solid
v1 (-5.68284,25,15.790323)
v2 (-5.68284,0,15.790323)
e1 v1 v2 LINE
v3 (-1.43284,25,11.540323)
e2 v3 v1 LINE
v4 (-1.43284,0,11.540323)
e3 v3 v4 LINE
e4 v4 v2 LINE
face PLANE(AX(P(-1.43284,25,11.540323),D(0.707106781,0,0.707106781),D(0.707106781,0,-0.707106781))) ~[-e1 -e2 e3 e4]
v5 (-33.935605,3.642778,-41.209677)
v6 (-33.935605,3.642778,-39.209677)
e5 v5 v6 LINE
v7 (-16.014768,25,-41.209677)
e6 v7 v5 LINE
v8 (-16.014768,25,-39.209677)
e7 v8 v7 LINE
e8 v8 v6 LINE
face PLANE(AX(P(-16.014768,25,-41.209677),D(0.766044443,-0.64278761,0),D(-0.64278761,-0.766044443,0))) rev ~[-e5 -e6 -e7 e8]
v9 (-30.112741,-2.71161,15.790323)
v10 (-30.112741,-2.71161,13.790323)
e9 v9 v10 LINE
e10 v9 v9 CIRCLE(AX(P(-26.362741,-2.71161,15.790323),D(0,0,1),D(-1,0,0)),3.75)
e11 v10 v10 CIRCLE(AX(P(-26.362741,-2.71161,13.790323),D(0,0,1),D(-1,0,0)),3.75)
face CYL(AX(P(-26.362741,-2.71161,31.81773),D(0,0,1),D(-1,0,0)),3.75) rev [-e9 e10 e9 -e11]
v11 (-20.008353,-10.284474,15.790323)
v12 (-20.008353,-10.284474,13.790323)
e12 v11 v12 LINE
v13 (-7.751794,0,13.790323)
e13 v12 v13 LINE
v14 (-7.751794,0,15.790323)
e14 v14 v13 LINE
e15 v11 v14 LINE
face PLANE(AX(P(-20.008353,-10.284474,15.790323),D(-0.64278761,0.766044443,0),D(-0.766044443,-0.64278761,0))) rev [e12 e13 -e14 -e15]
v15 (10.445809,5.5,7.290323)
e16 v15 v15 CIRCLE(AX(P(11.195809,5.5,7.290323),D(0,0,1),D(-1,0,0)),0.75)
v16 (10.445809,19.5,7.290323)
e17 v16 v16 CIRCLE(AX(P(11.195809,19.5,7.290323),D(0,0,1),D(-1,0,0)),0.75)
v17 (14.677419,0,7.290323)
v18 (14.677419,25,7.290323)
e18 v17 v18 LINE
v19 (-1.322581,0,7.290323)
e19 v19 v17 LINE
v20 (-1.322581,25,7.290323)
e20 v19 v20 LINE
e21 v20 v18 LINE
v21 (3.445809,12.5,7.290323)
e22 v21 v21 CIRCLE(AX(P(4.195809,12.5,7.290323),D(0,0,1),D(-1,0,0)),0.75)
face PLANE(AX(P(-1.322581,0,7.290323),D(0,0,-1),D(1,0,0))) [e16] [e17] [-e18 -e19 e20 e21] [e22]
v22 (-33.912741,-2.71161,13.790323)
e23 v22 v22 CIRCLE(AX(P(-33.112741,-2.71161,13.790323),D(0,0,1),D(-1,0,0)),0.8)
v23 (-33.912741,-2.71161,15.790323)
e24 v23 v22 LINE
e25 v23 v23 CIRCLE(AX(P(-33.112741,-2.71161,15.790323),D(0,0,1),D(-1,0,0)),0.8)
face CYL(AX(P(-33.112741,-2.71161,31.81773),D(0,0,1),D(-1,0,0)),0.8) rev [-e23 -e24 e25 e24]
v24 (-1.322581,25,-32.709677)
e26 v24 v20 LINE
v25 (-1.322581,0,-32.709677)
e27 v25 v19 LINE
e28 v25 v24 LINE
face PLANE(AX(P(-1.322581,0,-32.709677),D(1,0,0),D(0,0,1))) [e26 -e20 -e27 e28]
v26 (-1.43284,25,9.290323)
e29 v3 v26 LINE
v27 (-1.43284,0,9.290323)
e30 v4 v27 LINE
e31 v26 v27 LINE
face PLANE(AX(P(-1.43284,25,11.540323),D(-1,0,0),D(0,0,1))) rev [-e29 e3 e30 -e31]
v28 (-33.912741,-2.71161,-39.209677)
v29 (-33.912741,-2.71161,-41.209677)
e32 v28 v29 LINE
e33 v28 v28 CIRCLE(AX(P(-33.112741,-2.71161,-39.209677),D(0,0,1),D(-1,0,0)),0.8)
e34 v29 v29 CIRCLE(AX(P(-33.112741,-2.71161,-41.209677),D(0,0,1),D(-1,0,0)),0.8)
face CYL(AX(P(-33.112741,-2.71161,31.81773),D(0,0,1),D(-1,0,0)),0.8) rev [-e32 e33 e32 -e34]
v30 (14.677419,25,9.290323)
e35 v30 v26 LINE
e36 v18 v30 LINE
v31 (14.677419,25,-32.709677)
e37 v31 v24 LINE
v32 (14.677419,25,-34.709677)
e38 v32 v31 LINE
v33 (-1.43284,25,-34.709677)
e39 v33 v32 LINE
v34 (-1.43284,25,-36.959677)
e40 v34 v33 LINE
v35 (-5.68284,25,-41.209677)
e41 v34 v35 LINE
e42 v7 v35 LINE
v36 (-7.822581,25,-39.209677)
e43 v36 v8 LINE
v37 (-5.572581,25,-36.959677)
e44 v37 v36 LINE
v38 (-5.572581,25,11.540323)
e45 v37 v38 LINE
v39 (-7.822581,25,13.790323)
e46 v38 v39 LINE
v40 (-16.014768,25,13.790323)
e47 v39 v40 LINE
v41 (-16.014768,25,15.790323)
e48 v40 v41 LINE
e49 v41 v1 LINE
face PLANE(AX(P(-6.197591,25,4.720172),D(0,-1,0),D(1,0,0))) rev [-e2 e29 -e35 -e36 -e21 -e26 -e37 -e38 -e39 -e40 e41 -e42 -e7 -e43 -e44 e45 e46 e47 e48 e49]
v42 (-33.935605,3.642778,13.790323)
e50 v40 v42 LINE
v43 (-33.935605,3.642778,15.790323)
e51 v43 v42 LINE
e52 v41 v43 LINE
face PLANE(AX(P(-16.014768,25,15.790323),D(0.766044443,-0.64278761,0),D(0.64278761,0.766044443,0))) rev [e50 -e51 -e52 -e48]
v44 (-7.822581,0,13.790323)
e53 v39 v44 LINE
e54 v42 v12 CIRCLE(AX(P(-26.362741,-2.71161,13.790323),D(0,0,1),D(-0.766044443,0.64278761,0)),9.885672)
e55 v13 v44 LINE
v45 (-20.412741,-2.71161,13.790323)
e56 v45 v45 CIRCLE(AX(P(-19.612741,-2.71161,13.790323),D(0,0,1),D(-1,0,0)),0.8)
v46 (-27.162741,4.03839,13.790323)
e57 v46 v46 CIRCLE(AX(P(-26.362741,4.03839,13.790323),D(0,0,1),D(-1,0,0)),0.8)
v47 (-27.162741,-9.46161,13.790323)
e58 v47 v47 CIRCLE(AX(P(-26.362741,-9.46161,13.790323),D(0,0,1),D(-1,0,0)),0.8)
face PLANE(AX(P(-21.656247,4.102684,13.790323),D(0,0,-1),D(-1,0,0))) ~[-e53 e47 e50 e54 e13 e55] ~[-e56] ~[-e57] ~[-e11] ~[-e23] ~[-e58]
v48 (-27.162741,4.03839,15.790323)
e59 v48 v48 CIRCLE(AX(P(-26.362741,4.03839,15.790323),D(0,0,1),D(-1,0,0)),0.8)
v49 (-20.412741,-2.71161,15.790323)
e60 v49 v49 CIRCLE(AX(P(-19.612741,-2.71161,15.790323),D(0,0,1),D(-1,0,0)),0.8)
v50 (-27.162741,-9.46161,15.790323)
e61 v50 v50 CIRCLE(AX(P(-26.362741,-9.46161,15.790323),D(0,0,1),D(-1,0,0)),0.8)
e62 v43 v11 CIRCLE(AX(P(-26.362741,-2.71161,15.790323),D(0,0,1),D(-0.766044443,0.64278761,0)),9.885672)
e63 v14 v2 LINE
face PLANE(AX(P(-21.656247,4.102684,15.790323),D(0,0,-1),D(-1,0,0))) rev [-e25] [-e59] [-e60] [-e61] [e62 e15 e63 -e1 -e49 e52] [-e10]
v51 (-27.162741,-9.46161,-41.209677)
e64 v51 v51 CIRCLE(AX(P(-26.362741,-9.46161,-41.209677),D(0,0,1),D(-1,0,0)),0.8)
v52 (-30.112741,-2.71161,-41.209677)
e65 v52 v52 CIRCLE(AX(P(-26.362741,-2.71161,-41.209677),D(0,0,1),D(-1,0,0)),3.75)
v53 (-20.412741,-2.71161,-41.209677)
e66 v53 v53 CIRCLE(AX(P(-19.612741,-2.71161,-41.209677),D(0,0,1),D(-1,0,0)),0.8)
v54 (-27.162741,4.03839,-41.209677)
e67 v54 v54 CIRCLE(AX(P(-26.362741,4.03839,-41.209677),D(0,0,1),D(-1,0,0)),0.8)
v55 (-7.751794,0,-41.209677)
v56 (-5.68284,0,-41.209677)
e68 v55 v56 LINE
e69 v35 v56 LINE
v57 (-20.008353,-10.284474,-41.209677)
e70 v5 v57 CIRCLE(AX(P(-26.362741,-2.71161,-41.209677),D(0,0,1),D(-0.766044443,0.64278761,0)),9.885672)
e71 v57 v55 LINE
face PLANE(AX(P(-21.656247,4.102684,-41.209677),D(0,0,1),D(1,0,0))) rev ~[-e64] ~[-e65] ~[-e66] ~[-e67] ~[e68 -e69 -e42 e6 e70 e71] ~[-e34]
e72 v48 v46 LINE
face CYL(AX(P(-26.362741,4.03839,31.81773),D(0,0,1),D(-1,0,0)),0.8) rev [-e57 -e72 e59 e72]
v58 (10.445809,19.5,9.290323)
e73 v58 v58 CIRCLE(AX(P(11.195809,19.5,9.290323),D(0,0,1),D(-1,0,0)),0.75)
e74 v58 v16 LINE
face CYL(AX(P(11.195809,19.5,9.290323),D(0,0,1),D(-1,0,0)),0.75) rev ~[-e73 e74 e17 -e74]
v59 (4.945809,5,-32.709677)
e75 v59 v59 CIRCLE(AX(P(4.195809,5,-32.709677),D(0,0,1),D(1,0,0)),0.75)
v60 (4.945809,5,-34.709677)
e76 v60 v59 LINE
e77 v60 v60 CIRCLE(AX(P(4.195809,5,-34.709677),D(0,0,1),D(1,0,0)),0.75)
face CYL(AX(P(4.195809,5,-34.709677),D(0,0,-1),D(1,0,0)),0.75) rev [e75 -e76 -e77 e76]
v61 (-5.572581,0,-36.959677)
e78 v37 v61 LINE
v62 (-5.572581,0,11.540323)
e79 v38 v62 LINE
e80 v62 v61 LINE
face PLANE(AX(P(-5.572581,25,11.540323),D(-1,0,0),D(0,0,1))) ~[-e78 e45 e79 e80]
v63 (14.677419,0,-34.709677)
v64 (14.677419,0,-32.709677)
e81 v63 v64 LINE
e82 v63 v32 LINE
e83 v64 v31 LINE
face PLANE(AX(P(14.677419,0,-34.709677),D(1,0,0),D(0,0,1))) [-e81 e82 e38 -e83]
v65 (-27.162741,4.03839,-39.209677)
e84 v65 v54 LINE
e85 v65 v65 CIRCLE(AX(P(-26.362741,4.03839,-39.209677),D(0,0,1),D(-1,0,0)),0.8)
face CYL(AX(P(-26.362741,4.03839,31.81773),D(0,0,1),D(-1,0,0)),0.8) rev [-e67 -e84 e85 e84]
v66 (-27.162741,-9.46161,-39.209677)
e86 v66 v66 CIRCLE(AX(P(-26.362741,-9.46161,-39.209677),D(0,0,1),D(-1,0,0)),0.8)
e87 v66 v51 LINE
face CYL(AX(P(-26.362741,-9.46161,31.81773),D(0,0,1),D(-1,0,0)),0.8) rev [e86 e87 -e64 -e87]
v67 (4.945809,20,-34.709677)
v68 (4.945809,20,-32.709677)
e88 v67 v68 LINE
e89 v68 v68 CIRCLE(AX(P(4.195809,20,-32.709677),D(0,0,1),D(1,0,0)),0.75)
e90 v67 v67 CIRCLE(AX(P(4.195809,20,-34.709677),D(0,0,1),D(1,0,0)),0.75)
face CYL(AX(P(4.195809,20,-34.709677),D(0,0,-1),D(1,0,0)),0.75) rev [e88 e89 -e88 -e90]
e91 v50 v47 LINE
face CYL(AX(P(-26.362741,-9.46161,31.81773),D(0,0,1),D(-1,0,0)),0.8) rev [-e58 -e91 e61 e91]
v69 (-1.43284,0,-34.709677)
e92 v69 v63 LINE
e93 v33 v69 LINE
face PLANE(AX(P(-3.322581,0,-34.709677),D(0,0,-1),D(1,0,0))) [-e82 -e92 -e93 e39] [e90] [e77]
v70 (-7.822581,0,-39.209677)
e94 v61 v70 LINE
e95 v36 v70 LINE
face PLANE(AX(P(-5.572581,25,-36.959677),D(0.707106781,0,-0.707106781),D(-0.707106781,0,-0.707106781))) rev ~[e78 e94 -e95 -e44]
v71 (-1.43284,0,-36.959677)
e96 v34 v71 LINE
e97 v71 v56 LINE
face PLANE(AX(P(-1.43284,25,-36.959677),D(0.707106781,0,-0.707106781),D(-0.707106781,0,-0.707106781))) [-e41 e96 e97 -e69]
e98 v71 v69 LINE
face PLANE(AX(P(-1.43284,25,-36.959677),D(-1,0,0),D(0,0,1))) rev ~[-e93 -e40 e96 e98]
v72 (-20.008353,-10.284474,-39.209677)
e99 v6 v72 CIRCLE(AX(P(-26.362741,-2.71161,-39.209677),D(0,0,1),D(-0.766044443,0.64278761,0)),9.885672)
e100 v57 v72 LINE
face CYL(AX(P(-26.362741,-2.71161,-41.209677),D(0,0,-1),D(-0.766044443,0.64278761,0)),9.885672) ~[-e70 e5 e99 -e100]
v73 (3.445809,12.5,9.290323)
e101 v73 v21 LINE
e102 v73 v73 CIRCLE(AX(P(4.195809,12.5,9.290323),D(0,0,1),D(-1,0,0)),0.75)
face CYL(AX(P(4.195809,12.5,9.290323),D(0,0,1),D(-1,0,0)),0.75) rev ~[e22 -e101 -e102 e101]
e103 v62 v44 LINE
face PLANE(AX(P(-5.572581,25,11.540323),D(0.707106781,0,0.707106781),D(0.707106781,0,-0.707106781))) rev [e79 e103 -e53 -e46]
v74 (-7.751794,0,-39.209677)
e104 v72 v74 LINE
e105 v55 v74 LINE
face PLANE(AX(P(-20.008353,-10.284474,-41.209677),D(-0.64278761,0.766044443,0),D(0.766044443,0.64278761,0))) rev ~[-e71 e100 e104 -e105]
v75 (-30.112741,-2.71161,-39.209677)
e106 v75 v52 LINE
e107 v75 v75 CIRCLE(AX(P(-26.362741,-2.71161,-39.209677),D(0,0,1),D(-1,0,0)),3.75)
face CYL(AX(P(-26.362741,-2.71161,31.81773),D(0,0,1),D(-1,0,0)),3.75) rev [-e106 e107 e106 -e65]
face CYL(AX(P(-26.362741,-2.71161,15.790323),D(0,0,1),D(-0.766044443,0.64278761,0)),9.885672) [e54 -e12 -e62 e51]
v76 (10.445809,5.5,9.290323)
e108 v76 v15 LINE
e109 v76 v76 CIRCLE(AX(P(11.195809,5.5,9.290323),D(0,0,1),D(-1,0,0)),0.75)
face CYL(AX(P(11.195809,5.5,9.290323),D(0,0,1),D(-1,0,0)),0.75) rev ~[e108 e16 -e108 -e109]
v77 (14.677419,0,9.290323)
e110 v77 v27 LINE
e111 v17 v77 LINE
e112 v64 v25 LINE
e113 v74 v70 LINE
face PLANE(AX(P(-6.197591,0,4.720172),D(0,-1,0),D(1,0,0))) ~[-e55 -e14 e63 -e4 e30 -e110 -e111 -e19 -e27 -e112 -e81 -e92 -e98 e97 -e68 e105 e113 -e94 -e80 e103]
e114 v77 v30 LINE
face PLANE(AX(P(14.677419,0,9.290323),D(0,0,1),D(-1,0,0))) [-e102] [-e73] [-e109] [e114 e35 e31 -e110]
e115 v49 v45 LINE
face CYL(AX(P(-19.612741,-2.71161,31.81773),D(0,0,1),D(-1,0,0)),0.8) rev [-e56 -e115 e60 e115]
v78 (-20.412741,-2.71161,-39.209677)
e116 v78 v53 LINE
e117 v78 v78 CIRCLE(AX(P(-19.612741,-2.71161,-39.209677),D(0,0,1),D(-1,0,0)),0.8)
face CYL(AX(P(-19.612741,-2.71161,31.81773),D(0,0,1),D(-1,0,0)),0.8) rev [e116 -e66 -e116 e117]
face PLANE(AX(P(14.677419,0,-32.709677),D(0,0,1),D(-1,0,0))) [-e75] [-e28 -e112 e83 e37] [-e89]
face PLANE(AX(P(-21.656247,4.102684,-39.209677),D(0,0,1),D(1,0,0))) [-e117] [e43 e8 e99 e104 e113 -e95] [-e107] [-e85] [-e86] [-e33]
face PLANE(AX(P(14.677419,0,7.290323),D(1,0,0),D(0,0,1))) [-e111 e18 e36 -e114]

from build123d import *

# Parameters (mm, degrees)
EXTRUDE_1_DEPTH                 = 25
CUT_EXTRUDE_1_REACH             = 54.692
SKETCH_2_R                      = 0.75
CUT_EXTRUDE_1_DIRECTION_2_DEPTH = 53.691808082
EXTRUDE_2_DEPTH                 = 25
EXTRUDE_3_DEPTH                 = 2
CUT_EXTRUDE_4_DEPTH             = 73.027407742
CUT_EXTRUDE_4_DEPTH_BACK        = 73.027407742
SKETCH_6_R                      = 3.75
SKETCH_6_R_2                    = 0.8
CUT_EXTRUDE_START               = -44
SKETCH_8_R                      = 0.75
CUT_EXTRUDE_5_DEPTH             = 2


with BuildPart() as part:
    # 草图1 → 凸台-拉伸1 (new body)
    with BuildSketch(Plane(origin=(0, 0, 0), x_dir=(1, 0, 0), z_dir=(0, 1, 0))):
        Polygon((14.677419355, 32.709677419), (-1.322580645, 32.709677419), (-1.322580645, -7.290322581), (14.677419355, -7.290322581), (14.677419355, -9.290322581), (-3.322580645, -9.290322581), (-3.322580645, 34.709677419), (14.677419355, 34.709677419), align=None)
    extrude(amount=EXTRUDE_1_DEPTH)

    # 草图2 → 切除-拉伸1 (cut, up to next)
    with BuildSketch(Plane.XY.offset(9.290322581), mode=Mode.PRIVATE) as cut_extrude_1_sk1:
        with Locations(Location((4.195809336, 12.5, 0), (0, 0, 180))):
            Circle(SKETCH_2_R)
    cut_extrude_1_tool1 = extrude(cut_extrude_1_sk1.sketch, amount=-CUT_EXTRUDE_1_REACH, mode=Mode.PRIVATE) & part.part
    # 草图2 → 切除-拉伸1 (cut, up to next)
    with BuildSketch(Plane.XY.offset(9.290322581), mode=Mode.PRIVATE) as cut_extrude_1_sk2:
        with Locations(Location((11.195809336, 19.5, 0), (0, 0, 180))):
            Circle(SKETCH_2_R)
    cut_extrude_1_tool2 = extrude(cut_extrude_1_sk2.sketch, amount=-CUT_EXTRUDE_1_REACH, mode=Mode.PRIVATE) & part.part
    # 草图2 → 切除-拉伸1 (cut, up to next)
    with BuildSketch(Plane.XY.offset(9.290322581), mode=Mode.PRIVATE) as cut_extrude_1_sk3:
        with Locations(Location((11.195809336, 5.5, 0), (0, 0, 180))):
            Circle(SKETCH_2_R)
    cut_extrude_1_tool3 = extrude(cut_extrude_1_sk3.sketch, amount=-CUT_EXTRUDE_1_REACH, mode=Mode.PRIVATE) & part.part
    add(cut_extrude_1_tool1.solids().sort_by_distance((4.195809, 12.5, 9.290323))[0], mode=Mode.SUBTRACT)
    add(cut_extrude_1_tool2.solids().sort_by_distance((11.195809, 19.5, 9.290323))[0], mode=Mode.SUBTRACT)
    add(cut_extrude_1_tool3.solids().sort_by_distance((11.195809, 5.5, 9.290323))[0], mode=Mode.SUBTRACT)

    # 草图2 → 切除-拉伸1 direction 2 (cut)
    with BuildSketch(Plane.XY.offset(9.290322581)):
        with Locations(Location((4.195809336, 12.5, 0), (0, 0, 180))):
            Circle(SKETCH_2_R)
        with Locations(Location((11.195809336, 19.5, 0), (0, 0, 180))):
            Circle(SKETCH_2_R)
        with Locations(Location((11.195809336, 5.5, 0), (0, 0, 180))):
            Circle(SKETCH_2_R)
    extrude(amount=CUT_EXTRUDE_1_DIRECTION_2_DEPTH, mode=Mode.SUBTRACT)

    # 草图5 → 凸台-拉伸2 (add)
    with BuildSketch(Plane(origin=(0, 25, 0), x_dir=(1, 0, 0), z_dir=(0, 1, 0))):
        Polygon((-3.682839685, 39.209677419), (-1.432839685, 36.959677419), (-1.432839685, 34.709677419), (-3.322580645, 34.709677419), (-3.322580645, 32.459677419), (-3.322580645, 12.709677419), (-5.572580645, 12.709677419), (-5.572580645, 32.459677419), (-5.572580645, 36.959677419), (-7.822580645, 39.209677419), (-16.014767983, 39.209677419), (-16.014767983, 41.209677419), (-5.682839685, 41.209677419), align=None)
    extrude_2 = extrude(amount=-EXTRUDE_2_DEPTH)

    # 镜向1: 凸台-拉伸2 across plane
    add(extrude_2.mirror(Plane.XY.offset(-12.709677419)))

    # 草图7 → 凸台-拉伸3 (add)
    with BuildSketch(Plane(origin=(0, 0, -41.209677419), x_dir=(-1, 0, 0), z_dir=(0, 0, -1))):
        with BuildLine():
            Line((16.014767983, 25), (33.935605331, 3.642777708))
            ThreePointArc((33.935605331, 3.642777708), (33.352966922, -9.701835828), (20.008353386, -10.284474238))
            Line((20.008353386, -10.284474238), (7.751794264, 0))
            Line((7.751794264, 0), (16.014767983, 0))
            Line((16.014767983, 0), (16.014767983, 25))
        make_face()
    extrude_3 = extrude(amount=-EXTRUDE_3_DEPTH)

    # 镜向5: 凸台-拉伸3 across plane
    add(extrude_3.mirror(Plane.XY.offset(-12.709677419)))

    # 草图6 → 切除-拉伸4 (cut, two sides: drawn at the far end of the back side and taken through both)
    with BuildSketch(Plane(origin=(0, 0, -41.209677419), x_dir=(-1, 0, 0), z_dir=(0, 0, -1)).offset(-CUT_EXTRUDE_4_DEPTH_BACK)):
        with Locations((26.362741029, -2.711609936)):
            Circle(SKETCH_6_R)
        with Locations((33.112741029, -2.711609936)):
            Circle(SKETCH_6_R_2)
        with Locations((26.362741029, 4.038390064)):
            Circle(SKETCH_6_R_2)
        with Locations((19.612741029, -2.711609936)):
            Circle(SKETCH_6_R_2)
        with Locations((26.362741029, -9.461609936)):
            Circle(SKETCH_6_R_2)
    extrude(amount=CUT_EXTRUDE_4_DEPTH + CUT_EXTRUDE_4_DEPTH_BACK, mode=Mode.SUBTRACT)

    # 草图8 → 切除-拉伸5 (cut)
    with BuildSketch(Plane.XY.offset(9.290322581).offset(CUT_EXTRUDE_START)):
        with Locations((4.195809336, 20)):
            Circle(SKETCH_8_R)
        with Locations((4.195809336, 5)):
            Circle(SKETCH_8_R)
    extrude(amount=CUT_EXTRUDE_5_DEPTH, mode=Mode.SUBTRACT)


solid = part.part
